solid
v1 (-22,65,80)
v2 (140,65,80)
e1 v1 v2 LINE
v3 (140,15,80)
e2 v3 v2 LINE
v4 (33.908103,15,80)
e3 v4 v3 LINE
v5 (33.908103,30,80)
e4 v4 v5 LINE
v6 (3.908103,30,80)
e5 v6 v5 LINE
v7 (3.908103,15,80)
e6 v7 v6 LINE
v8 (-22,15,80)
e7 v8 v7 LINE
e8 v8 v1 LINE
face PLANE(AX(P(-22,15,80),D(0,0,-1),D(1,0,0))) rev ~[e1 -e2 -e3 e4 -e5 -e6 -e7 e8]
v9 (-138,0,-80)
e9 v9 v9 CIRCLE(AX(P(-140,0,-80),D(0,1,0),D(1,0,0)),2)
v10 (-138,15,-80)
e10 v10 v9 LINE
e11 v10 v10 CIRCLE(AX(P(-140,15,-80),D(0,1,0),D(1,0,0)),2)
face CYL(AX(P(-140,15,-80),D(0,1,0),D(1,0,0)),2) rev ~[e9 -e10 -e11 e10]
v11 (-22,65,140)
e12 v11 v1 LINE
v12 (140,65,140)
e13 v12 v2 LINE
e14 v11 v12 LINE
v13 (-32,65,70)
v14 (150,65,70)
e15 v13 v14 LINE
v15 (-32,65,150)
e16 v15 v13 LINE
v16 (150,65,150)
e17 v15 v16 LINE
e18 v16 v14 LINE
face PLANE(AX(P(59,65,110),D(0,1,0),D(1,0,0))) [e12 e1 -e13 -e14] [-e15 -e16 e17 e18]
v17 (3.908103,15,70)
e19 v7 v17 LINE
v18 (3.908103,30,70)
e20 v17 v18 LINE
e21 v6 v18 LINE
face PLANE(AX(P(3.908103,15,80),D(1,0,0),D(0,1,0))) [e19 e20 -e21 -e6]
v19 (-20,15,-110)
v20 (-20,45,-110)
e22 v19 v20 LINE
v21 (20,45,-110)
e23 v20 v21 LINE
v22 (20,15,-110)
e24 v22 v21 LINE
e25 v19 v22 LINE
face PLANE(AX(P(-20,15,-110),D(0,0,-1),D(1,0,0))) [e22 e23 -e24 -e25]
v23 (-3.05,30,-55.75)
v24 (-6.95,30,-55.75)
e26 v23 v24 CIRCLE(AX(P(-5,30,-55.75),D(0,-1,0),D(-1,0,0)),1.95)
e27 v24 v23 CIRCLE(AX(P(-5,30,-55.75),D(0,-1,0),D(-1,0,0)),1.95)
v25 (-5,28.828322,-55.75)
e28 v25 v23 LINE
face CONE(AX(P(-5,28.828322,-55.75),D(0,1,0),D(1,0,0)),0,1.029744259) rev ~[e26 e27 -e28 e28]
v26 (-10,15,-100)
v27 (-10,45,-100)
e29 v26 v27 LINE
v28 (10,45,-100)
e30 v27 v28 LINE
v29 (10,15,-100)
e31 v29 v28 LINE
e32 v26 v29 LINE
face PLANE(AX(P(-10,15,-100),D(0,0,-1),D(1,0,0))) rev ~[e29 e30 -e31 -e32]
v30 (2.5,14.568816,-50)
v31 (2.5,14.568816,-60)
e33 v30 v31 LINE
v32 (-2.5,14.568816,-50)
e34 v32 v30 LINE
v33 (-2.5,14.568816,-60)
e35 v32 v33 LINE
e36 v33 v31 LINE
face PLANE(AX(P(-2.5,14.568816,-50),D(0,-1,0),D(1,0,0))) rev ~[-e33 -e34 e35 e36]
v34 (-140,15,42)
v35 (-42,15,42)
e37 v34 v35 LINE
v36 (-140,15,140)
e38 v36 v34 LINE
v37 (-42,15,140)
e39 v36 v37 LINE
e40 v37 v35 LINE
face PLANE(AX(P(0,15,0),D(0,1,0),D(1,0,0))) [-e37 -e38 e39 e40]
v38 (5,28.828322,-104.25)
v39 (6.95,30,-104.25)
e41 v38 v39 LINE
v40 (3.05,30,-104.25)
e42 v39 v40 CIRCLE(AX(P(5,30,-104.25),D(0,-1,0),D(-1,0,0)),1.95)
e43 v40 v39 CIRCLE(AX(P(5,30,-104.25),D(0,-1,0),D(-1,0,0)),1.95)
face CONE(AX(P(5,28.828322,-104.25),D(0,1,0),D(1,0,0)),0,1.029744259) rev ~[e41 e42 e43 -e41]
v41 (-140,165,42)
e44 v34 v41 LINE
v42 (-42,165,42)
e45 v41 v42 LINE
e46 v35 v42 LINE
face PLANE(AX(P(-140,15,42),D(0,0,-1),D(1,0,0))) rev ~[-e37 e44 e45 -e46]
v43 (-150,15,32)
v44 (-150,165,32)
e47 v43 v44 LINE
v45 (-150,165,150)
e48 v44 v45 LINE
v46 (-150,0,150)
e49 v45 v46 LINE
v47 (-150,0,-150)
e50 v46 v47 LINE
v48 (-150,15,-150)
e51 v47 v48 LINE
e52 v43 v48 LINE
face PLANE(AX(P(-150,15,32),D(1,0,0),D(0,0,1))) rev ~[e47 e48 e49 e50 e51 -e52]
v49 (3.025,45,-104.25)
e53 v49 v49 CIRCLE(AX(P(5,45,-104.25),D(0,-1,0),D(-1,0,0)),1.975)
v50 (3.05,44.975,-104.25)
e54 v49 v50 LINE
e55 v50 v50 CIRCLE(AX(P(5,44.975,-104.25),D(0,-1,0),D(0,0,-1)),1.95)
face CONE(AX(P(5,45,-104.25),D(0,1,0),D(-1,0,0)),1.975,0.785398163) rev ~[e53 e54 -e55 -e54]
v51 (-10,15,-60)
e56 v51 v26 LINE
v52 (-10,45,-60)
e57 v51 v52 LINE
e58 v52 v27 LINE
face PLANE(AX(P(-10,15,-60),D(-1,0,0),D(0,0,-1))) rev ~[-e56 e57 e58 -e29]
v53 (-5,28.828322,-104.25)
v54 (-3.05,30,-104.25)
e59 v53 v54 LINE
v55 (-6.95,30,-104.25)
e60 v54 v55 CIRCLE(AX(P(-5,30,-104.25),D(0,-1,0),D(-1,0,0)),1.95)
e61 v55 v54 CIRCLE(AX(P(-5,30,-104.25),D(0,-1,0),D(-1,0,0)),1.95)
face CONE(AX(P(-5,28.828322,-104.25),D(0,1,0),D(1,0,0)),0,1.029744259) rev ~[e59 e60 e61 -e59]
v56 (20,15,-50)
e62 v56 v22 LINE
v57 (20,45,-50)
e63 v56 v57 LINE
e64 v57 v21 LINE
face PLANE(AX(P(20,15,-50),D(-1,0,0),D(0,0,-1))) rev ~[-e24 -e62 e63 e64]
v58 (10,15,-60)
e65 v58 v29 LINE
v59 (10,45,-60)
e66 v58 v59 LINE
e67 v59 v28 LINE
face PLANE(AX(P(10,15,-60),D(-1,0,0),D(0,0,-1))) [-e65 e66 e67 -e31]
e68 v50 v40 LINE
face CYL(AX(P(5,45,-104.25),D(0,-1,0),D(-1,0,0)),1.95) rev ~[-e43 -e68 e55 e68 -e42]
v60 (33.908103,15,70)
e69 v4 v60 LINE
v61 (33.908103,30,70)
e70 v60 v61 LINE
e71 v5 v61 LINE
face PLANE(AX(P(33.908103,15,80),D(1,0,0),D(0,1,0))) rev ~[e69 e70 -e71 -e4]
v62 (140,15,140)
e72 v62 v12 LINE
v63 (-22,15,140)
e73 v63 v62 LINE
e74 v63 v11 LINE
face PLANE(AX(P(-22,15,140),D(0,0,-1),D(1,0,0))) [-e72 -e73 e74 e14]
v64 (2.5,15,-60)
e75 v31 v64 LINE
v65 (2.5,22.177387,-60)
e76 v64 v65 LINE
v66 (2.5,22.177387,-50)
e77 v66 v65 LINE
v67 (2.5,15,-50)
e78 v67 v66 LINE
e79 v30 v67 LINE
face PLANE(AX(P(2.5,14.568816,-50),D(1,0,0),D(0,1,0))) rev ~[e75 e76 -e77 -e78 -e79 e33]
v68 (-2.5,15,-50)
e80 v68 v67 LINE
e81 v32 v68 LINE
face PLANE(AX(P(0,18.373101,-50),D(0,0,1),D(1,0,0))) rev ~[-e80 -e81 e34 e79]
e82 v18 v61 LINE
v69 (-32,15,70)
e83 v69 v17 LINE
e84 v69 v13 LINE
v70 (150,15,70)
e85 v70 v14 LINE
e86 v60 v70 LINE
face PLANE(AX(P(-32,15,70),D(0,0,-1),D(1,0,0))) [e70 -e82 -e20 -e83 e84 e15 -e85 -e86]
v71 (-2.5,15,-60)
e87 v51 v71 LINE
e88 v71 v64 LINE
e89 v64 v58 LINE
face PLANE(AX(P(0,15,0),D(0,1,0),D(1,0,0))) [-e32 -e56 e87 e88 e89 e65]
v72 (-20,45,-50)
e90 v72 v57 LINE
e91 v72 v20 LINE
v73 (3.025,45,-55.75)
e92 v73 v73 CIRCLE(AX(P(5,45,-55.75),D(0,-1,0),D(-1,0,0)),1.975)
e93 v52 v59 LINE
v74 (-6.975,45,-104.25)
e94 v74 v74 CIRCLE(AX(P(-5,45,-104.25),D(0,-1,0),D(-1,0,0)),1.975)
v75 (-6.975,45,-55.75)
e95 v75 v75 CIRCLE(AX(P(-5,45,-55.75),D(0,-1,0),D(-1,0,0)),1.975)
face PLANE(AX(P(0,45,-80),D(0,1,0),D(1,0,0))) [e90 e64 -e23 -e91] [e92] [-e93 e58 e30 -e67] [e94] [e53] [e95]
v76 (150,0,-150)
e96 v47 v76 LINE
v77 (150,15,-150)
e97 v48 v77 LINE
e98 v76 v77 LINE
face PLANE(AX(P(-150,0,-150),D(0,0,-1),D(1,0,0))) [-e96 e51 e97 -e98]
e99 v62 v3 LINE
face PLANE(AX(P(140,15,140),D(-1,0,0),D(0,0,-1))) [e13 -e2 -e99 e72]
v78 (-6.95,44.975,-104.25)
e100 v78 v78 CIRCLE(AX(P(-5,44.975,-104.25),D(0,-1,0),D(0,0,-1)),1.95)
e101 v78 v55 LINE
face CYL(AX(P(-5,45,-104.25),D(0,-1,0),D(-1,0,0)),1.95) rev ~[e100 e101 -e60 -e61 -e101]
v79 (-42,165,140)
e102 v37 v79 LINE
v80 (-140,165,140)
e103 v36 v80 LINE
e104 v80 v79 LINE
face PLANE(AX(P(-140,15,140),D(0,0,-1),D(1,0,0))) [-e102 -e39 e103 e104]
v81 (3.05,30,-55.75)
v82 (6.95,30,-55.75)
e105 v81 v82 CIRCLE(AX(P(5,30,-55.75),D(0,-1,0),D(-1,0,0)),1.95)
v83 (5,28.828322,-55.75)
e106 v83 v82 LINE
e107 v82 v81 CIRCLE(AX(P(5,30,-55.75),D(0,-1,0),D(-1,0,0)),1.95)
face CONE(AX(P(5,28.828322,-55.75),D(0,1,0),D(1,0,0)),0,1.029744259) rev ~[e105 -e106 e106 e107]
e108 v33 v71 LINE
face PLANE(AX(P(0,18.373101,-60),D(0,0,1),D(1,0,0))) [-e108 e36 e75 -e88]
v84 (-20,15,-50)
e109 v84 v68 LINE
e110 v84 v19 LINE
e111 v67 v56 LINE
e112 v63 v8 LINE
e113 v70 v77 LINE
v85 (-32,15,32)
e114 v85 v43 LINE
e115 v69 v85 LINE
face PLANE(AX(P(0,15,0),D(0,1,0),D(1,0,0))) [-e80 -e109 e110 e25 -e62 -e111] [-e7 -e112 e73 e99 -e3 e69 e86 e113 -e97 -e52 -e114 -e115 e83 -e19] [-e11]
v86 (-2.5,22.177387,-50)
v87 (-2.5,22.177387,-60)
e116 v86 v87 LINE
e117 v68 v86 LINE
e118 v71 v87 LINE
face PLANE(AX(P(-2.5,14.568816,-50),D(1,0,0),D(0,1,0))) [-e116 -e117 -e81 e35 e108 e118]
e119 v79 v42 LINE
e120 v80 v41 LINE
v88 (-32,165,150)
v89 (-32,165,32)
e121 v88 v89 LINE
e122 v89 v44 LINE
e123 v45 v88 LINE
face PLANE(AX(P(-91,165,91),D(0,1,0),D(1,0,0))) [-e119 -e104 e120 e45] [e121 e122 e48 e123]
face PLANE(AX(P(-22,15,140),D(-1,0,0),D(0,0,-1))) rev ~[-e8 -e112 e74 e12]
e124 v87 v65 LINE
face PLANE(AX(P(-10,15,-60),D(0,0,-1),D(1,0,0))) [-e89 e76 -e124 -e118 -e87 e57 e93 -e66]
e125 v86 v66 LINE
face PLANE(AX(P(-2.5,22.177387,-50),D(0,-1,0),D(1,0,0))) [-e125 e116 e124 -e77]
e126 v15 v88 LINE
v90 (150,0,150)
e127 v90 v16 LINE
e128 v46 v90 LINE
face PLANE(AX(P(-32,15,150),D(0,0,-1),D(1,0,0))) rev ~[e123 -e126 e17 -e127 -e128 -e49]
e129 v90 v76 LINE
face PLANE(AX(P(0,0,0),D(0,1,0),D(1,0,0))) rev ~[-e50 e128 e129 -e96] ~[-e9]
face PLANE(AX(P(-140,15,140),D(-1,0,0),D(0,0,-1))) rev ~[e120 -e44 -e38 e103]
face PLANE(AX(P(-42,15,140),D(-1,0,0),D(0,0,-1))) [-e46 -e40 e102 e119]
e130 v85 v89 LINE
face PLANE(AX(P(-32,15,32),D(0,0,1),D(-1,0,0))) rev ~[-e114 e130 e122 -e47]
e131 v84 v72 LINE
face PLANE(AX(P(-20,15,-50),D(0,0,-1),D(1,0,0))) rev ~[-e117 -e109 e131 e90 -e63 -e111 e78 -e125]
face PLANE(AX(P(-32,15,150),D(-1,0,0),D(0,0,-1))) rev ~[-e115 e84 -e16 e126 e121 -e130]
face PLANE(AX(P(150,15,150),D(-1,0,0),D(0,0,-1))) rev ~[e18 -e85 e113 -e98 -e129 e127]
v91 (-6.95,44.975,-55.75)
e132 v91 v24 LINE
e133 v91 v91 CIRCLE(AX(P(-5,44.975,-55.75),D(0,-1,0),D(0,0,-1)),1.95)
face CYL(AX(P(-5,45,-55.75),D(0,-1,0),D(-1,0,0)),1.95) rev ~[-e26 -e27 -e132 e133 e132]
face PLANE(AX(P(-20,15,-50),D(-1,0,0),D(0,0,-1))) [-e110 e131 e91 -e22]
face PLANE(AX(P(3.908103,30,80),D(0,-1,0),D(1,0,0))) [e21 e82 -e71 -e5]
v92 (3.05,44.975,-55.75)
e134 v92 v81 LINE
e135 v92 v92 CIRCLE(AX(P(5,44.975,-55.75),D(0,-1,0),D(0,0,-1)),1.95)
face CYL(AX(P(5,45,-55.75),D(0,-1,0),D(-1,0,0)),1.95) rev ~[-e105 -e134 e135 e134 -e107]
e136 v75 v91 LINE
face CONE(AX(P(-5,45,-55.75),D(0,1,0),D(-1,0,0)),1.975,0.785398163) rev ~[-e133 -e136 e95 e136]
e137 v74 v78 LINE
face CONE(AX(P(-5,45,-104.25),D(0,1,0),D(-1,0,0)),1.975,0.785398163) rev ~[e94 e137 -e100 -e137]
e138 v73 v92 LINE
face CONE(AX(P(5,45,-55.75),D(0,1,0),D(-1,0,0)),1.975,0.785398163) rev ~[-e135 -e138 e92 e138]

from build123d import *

# Parameters (mm, degrees)
CROQUIS1_W                               = 300
CROQUIS1_H                               = 300
SALIENTE_EXTRUIR1_DEPTH                  = 15
CROQUIS2_W                               = 98
CROQUIS2_H                               = 98
SALIENTE_EXTRUIR2_DEPTH                  = 150
CROQUIS3_W                               = 40
CROQUIS3_H                               = 60
CROQUIS3_W_2                             = 20
CROQUIS3_H_2                             = 40
SALIENTE_EXTRUIR3_DEPTH                  = 30
CROQUIS4_W                               = 182
CROQUIS4_H                               = 80
CROQUIS4_W_2                             = 162
CROQUIS4_H_2                             = 60
SALIENTE_EXTRUIR4_DEPTH                  = 50
TALADRO_DE_MARGEN_PARA_M3_51_D           = 3.9
TALADRO_DE_MARGEN_PARA_M3_51_DEPTH       = 15
TALADRO_DE_MARGEN_PARA_M3_51_CSINK_D     = 3.95
TALADRO_DE_MARGEN_PARA_M3_51_CSINK_ANGLE = 90
TALADRO_DE_MARGEN_PARA_M3_51_TIP         = 1.171678207
CROQUIS7_W                               = 5
CROQUIS7_H                               = 7.608570781
CORTAR_EXTRUIR1_DEPTH                    = 10
CROQUIS8_W                               = 30
CROQUIS8_H                               = 15
CORTAR_EXTRUIR2_DEPTH                    = 10
CROQUIS9_R                               = 2
CORTAR_EXTRUIR3_DEPTH                    = 20


with BuildPart() as part:
    # Croquis1 → Saliente-Extruir1 (new body)
    with BuildSketch(Plane(origin=(0, 0, 0), x_dir=(1, 0, 0), z_dir=(0, 1, 0))):
        Rectangle(CROQUIS1_W, CROQUIS1_H)
    extrude(amount=SALIENTE_EXTRUIR1_DEPTH)

    # Croquis2 → Saliente-Extruir2 (add)
    with BuildSketch(Plane(origin=(0, 15, 0), x_dir=(1, 0, 0), z_dir=(0, 1, 0))):
        Polygon((-150, -140), (-150, -150), (-32, -150), (-32, -55), (-32, -32), (-150, -32), (-150, -55), align=None)
        with Locations((-91, -91)):
            Rectangle(CROQUIS2_W, CROQUIS2_H, mode=Mode.SUBTRACT)
    extrude(amount=SALIENTE_EXTRUIR2_DEPTH)

    # Croquis3 → Saliente-Extruir3 (add)
    with BuildSketch(Plane(origin=(0, 15, 0), x_dir=(1, 0, 0), z_dir=(0, 1, 0))):
        with Locations((0, 80)):
            Rectangle(CROQUIS3_W, CROQUIS3_H)
        with Locations((0, 80)):
            Rectangle(CROQUIS3_W_2, CROQUIS3_H_2, mode=Mode.SUBTRACT)
    extrude(amount=SALIENTE_EXTRUIR3_DEPTH)

    # Croquis4 → Saliente-Extruir4 (add)
    with BuildSketch(Plane(origin=(0, 15, 0), x_dir=(1, 0, 0), z_dir=(0, 1, 0))):
        with Locations((59, -110)):
            Rectangle(CROQUIS4_W, CROQUIS4_H)
        with Locations((59, -110)):
            Rectangle(CROQUIS4_W_2, CROQUIS4_H_2, mode=Mode.SUBTRACT)
    extrude(amount=SALIENTE_EXTRUIR4_DEPTH)

    # Taladro de margen para M3.51
    with Locations(Plane(origin=(0, 45, 0), x_dir=(1, 0, 0), z_dir=(0, 1, 0))):
        with Locations((-5, 104.25), (5, 104.25), (-5, 55.75), (5, 55.75)):
            CounterSinkHole(TALADRO_DE_MARGEN_PARA_M3_51_D / 2, TALADRO_DE_MARGEN_PARA_M3_51_CSINK_D / 2, depth=TALADRO_DE_MARGEN_PARA_M3_51_DEPTH, counter_sink_angle=TALADRO_DE_MARGEN_PARA_M3_51_CSINK_ANGLE)
            with Locations((0, 0, -(TALADRO_DE_MARGEN_PARA_M3_51_DEPTH + TALADRO_DE_MARGEN_PARA_M3_51_TIP / 2))):  # 118° drill point
                Cone(0, TALADRO_DE_MARGEN_PARA_M3_51_D / 2, TALADRO_DE_MARGEN_PARA_M3_51_TIP, mode=Mode.SUBTRACT)

    # Croquis7 → Cortar-Extruir1 (cut)
    with BuildSketch(Plane.XY.offset(-50)):
        with Locations((0, 18.373101355)):
            Rectangle(CROQUIS7_W, CROQUIS7_H)
    extrude(amount=-CORTAR_EXTRUIR1_DEPTH, mode=Mode.SUBTRACT)

    # Croquis8 → Cortar-Extruir2 (cut)
    with BuildSketch(Plane.XY.offset(80)):
        with Locations((18.908102742, 22.5)):
            Rectangle(CROQUIS8_W, CROQUIS8_H)
    extrude(amount=-CORTAR_EXTRUIR2_DEPTH, mode=Mode.SUBTRACT)

    # Croquis9 → Cortar-Extruir3 (cut)
    with BuildSketch(Plane(origin=(0, 15, 0), x_dir=(1, 0, 0), z_dir=(0, 1, 0))):
        with Locations((-140, 80)):
            Circle(CROQUIS9_R)
    extrude(amount=-CORTAR_EXTRUIR3_DEPTH, mode=Mode.SUBTRACT)


solid = part.part
